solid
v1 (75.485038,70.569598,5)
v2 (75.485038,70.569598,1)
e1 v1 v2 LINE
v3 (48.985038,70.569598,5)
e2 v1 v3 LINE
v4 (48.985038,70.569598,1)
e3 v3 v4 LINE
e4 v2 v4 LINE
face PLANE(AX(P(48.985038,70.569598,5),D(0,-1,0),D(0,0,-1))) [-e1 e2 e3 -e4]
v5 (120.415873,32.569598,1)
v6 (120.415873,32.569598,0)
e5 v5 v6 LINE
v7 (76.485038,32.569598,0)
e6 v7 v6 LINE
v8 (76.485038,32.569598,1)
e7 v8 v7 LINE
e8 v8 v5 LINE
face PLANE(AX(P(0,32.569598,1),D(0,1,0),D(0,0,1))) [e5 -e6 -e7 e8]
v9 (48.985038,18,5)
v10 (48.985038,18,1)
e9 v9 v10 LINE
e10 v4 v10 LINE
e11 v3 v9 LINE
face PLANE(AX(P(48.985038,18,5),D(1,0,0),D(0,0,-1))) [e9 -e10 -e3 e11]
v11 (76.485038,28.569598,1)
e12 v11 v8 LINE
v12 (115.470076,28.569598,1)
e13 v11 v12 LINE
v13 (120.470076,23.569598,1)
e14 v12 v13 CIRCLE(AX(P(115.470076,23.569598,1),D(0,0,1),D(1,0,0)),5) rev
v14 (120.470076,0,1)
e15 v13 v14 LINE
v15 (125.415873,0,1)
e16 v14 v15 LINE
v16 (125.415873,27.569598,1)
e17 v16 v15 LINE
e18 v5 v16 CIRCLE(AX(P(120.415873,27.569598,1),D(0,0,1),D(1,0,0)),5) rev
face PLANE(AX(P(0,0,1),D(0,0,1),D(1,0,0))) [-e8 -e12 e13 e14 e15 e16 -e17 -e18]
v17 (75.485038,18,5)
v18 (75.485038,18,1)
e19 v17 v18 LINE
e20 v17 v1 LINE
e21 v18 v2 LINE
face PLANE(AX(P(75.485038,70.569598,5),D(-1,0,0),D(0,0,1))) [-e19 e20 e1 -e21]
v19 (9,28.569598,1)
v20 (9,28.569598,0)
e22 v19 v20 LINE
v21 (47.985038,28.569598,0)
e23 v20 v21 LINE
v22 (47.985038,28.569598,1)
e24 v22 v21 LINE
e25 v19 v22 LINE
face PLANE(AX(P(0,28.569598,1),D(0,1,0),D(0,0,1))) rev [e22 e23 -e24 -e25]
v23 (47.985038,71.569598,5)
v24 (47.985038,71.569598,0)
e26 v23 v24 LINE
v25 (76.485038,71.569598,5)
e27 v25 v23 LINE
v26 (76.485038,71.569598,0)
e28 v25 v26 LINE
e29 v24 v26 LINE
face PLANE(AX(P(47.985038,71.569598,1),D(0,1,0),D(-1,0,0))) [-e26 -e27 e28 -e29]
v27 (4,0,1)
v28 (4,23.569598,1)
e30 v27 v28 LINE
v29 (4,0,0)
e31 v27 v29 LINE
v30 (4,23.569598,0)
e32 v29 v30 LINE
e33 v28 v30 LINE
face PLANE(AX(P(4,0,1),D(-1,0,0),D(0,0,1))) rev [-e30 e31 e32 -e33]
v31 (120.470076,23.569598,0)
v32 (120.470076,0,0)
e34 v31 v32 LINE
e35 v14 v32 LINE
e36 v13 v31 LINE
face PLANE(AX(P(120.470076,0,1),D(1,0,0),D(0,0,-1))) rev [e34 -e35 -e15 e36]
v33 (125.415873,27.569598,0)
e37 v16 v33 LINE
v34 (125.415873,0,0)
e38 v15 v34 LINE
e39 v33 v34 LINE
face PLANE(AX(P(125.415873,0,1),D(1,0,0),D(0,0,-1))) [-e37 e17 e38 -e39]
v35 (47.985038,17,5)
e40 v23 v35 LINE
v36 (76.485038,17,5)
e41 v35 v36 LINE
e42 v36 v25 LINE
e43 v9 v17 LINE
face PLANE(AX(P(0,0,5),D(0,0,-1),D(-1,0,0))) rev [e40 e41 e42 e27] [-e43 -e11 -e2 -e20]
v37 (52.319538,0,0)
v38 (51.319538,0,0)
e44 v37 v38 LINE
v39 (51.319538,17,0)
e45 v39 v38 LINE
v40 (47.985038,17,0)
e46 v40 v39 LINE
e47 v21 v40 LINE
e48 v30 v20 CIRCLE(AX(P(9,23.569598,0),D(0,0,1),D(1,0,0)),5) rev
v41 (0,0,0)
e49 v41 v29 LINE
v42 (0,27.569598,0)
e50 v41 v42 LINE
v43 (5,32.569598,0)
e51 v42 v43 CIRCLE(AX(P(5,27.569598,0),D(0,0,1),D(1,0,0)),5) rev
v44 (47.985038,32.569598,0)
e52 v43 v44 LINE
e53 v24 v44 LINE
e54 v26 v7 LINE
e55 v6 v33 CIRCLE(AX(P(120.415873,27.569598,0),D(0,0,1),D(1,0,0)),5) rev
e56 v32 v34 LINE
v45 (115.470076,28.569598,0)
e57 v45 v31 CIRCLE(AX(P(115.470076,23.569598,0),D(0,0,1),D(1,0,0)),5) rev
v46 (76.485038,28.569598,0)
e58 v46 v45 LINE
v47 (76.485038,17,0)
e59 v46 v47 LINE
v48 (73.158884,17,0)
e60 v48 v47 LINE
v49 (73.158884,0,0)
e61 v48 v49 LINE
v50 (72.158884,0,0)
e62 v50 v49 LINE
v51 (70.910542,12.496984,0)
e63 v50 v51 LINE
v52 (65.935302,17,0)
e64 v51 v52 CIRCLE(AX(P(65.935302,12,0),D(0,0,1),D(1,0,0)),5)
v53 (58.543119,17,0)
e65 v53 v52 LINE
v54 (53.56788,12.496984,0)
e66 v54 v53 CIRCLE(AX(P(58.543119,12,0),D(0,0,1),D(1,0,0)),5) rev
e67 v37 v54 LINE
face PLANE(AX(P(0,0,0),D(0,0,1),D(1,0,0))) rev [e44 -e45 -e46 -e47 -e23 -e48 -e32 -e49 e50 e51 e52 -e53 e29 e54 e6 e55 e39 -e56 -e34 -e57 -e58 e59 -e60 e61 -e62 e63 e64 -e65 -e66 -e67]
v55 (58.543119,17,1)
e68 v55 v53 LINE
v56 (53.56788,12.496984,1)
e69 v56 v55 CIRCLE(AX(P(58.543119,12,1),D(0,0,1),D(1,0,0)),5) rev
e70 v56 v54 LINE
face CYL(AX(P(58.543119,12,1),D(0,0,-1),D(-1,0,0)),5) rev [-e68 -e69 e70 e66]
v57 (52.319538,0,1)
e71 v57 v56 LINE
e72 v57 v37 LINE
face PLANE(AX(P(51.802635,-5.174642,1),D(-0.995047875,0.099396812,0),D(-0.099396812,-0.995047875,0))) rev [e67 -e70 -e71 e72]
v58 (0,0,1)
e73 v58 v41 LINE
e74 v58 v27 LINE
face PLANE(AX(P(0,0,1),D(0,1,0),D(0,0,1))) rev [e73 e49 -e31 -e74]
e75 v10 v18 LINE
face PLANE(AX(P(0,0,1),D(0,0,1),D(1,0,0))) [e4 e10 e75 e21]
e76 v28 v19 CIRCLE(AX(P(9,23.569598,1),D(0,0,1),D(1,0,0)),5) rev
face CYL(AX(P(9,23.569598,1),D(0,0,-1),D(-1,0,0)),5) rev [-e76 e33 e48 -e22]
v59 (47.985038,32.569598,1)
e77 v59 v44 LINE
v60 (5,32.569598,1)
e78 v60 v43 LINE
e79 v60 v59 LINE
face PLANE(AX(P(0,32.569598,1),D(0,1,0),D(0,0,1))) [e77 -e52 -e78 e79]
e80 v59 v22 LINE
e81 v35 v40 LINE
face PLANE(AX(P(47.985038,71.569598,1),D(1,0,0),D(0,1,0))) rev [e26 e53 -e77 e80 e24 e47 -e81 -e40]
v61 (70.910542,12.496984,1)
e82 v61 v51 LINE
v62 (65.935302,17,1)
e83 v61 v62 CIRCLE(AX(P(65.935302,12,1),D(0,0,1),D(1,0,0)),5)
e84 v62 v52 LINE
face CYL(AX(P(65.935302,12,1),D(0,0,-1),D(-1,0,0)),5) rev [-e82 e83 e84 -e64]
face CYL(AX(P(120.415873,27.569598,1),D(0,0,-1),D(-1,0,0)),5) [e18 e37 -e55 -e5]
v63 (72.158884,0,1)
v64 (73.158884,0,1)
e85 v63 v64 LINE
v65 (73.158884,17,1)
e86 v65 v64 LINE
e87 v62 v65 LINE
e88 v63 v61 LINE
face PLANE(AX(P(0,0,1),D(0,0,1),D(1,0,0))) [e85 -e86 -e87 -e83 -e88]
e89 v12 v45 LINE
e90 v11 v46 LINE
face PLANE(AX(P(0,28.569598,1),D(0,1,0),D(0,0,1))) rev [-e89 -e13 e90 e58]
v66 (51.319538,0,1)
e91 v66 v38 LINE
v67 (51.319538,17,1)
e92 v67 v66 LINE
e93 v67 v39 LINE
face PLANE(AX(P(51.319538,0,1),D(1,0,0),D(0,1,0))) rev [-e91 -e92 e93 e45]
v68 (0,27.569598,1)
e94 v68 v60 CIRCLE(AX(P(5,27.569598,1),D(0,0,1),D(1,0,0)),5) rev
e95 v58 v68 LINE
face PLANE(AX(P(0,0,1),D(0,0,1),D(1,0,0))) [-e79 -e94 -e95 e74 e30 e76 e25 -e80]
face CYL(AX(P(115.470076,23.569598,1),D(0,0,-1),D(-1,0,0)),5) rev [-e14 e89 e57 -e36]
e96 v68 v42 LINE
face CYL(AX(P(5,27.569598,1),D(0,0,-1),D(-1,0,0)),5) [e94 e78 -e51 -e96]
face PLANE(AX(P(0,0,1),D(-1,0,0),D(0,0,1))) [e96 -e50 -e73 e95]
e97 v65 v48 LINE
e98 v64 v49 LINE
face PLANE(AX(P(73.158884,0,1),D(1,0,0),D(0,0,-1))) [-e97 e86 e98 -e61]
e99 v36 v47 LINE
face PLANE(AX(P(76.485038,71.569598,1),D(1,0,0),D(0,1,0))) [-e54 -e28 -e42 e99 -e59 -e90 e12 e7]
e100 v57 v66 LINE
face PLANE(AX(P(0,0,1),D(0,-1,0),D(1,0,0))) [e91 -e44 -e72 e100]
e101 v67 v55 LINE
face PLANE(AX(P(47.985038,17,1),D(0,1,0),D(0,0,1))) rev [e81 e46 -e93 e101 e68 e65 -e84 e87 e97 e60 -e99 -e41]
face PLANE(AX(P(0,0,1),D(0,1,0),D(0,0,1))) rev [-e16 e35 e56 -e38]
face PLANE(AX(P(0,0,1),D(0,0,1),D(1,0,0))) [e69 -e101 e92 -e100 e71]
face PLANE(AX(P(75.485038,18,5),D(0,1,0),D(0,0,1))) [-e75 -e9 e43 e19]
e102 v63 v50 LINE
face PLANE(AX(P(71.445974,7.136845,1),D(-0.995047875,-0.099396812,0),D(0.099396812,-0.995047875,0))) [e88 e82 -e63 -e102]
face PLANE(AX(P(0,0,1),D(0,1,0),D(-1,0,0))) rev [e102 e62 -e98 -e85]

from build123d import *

# Parameters (mm, degrees)
BOSS_EXTRU_1_DEPTH = 1
ESQUISSE2_W        = 28.5
ESQUISSE2_H        = 54.569597512
ESQUISSE2_W_2      = 26.5
ESQUISSE2_H_2      = 52.569597512
BOSS_EXTRU_2_DEPTH = 4


with BuildPart() as part:
    # Esquisse1 → Boss.-Extru.1 (new body)
    with BuildSketch(Plane.XY):
        with BuildLine():
            Line((0, 27.569597512), (0, 0))
            Line((0, 0), (4, 0))
            Line((4, 0), (4, 23.569597512))
            ThreePointArc((4, 23.569597512), (5.464466094, 27.105131417), (9, 28.569597512))
            Line((9, 28.569597512), (47.9850382, 28.569597512))
            Line((47.9850382, 28.569597512), (47.9850382, 17))
            Line((47.9850382, 17), (51.319537583, 17))
            Line((51.319537583, 17), (51.319537583, 0))
            Line((51.319537583, 0), (52.319537583, 0))
            Line((52.319537583, 0), (53.567879902, 12.496984059))
            ThreePointArc((53.567879902, 12.496984059), (55.187893525, 15.707082431), (58.543119277, 17))
            Line((58.543119277, 17), (65.935302341, 17))
            ThreePointArc((65.935302341, 17), (69.290528094, 15.707082431), (70.910541717, 12.496984059))
            Line((70.910541717, 12.496984059), (72.158884036, 0))
            Line((72.158884036, 0), (73.158884036, 0))
            Line((73.158884036, 0), (73.158884036, 17))
            Line((73.158884036, 17), (76.4850382, 17))
            Line((76.4850382, 17), (76.4850382, 28.569597512))
            Line((76.4850382, 28.569597512), (115.4700764, 28.569597512))
            ThreePointArc((115.4700764, 28.569597512), (119.005610306, 27.105131417), (120.4700764, 23.569597512))
            Line((120.4700764, 23.569597512), (120.4700764, 0))
            Line((120.4700764, 0), (125.415873255, 0))
            Line((125.415873255, 0), (125.415873255, 27.569597512))
            ThreePointArc((125.415873255, 27.569597512), (123.951407161, 31.105131417), (120.415873255, 32.569597512))
            Line((120.415873255, 32.569597512), (76.4850382, 32.569597512))
            Line((76.4850382, 32.569597512), (76.4850382, 71.569597512))
            Line((76.4850382, 71.569597512), (47.9850382, 71.569597512))
            Line((47.9850382, 71.569597512), (47.9850382, 32.569597512))
            Line((47.9850382, 32.569597512), (5, 32.569597512))
            ThreePointArc((5, 32.569597512), (1.464466094, 31.105131417), (0, 27.569597512))
        make_face()
    extrude(amount=BOSS_EXTRU_1_DEPTH)

    # Esquisse2 → Boss.-Extru.2 (add)
    with BuildSketch(Plane.XY.offset(1)):
        with Locations((62.2350382, 44.284798756)):
            Rectangle(ESQUISSE2_W, ESQUISSE2_H)
        with Locations((62.2350382, 44.284798756)):
            Rectangle(ESQUISSE2_W_2, ESQUISSE2_H_2, mode=Mode.SUBTRACT)
    extrude(amount=BOSS_EXTRU_2_DEPTH)


solid = part.part
